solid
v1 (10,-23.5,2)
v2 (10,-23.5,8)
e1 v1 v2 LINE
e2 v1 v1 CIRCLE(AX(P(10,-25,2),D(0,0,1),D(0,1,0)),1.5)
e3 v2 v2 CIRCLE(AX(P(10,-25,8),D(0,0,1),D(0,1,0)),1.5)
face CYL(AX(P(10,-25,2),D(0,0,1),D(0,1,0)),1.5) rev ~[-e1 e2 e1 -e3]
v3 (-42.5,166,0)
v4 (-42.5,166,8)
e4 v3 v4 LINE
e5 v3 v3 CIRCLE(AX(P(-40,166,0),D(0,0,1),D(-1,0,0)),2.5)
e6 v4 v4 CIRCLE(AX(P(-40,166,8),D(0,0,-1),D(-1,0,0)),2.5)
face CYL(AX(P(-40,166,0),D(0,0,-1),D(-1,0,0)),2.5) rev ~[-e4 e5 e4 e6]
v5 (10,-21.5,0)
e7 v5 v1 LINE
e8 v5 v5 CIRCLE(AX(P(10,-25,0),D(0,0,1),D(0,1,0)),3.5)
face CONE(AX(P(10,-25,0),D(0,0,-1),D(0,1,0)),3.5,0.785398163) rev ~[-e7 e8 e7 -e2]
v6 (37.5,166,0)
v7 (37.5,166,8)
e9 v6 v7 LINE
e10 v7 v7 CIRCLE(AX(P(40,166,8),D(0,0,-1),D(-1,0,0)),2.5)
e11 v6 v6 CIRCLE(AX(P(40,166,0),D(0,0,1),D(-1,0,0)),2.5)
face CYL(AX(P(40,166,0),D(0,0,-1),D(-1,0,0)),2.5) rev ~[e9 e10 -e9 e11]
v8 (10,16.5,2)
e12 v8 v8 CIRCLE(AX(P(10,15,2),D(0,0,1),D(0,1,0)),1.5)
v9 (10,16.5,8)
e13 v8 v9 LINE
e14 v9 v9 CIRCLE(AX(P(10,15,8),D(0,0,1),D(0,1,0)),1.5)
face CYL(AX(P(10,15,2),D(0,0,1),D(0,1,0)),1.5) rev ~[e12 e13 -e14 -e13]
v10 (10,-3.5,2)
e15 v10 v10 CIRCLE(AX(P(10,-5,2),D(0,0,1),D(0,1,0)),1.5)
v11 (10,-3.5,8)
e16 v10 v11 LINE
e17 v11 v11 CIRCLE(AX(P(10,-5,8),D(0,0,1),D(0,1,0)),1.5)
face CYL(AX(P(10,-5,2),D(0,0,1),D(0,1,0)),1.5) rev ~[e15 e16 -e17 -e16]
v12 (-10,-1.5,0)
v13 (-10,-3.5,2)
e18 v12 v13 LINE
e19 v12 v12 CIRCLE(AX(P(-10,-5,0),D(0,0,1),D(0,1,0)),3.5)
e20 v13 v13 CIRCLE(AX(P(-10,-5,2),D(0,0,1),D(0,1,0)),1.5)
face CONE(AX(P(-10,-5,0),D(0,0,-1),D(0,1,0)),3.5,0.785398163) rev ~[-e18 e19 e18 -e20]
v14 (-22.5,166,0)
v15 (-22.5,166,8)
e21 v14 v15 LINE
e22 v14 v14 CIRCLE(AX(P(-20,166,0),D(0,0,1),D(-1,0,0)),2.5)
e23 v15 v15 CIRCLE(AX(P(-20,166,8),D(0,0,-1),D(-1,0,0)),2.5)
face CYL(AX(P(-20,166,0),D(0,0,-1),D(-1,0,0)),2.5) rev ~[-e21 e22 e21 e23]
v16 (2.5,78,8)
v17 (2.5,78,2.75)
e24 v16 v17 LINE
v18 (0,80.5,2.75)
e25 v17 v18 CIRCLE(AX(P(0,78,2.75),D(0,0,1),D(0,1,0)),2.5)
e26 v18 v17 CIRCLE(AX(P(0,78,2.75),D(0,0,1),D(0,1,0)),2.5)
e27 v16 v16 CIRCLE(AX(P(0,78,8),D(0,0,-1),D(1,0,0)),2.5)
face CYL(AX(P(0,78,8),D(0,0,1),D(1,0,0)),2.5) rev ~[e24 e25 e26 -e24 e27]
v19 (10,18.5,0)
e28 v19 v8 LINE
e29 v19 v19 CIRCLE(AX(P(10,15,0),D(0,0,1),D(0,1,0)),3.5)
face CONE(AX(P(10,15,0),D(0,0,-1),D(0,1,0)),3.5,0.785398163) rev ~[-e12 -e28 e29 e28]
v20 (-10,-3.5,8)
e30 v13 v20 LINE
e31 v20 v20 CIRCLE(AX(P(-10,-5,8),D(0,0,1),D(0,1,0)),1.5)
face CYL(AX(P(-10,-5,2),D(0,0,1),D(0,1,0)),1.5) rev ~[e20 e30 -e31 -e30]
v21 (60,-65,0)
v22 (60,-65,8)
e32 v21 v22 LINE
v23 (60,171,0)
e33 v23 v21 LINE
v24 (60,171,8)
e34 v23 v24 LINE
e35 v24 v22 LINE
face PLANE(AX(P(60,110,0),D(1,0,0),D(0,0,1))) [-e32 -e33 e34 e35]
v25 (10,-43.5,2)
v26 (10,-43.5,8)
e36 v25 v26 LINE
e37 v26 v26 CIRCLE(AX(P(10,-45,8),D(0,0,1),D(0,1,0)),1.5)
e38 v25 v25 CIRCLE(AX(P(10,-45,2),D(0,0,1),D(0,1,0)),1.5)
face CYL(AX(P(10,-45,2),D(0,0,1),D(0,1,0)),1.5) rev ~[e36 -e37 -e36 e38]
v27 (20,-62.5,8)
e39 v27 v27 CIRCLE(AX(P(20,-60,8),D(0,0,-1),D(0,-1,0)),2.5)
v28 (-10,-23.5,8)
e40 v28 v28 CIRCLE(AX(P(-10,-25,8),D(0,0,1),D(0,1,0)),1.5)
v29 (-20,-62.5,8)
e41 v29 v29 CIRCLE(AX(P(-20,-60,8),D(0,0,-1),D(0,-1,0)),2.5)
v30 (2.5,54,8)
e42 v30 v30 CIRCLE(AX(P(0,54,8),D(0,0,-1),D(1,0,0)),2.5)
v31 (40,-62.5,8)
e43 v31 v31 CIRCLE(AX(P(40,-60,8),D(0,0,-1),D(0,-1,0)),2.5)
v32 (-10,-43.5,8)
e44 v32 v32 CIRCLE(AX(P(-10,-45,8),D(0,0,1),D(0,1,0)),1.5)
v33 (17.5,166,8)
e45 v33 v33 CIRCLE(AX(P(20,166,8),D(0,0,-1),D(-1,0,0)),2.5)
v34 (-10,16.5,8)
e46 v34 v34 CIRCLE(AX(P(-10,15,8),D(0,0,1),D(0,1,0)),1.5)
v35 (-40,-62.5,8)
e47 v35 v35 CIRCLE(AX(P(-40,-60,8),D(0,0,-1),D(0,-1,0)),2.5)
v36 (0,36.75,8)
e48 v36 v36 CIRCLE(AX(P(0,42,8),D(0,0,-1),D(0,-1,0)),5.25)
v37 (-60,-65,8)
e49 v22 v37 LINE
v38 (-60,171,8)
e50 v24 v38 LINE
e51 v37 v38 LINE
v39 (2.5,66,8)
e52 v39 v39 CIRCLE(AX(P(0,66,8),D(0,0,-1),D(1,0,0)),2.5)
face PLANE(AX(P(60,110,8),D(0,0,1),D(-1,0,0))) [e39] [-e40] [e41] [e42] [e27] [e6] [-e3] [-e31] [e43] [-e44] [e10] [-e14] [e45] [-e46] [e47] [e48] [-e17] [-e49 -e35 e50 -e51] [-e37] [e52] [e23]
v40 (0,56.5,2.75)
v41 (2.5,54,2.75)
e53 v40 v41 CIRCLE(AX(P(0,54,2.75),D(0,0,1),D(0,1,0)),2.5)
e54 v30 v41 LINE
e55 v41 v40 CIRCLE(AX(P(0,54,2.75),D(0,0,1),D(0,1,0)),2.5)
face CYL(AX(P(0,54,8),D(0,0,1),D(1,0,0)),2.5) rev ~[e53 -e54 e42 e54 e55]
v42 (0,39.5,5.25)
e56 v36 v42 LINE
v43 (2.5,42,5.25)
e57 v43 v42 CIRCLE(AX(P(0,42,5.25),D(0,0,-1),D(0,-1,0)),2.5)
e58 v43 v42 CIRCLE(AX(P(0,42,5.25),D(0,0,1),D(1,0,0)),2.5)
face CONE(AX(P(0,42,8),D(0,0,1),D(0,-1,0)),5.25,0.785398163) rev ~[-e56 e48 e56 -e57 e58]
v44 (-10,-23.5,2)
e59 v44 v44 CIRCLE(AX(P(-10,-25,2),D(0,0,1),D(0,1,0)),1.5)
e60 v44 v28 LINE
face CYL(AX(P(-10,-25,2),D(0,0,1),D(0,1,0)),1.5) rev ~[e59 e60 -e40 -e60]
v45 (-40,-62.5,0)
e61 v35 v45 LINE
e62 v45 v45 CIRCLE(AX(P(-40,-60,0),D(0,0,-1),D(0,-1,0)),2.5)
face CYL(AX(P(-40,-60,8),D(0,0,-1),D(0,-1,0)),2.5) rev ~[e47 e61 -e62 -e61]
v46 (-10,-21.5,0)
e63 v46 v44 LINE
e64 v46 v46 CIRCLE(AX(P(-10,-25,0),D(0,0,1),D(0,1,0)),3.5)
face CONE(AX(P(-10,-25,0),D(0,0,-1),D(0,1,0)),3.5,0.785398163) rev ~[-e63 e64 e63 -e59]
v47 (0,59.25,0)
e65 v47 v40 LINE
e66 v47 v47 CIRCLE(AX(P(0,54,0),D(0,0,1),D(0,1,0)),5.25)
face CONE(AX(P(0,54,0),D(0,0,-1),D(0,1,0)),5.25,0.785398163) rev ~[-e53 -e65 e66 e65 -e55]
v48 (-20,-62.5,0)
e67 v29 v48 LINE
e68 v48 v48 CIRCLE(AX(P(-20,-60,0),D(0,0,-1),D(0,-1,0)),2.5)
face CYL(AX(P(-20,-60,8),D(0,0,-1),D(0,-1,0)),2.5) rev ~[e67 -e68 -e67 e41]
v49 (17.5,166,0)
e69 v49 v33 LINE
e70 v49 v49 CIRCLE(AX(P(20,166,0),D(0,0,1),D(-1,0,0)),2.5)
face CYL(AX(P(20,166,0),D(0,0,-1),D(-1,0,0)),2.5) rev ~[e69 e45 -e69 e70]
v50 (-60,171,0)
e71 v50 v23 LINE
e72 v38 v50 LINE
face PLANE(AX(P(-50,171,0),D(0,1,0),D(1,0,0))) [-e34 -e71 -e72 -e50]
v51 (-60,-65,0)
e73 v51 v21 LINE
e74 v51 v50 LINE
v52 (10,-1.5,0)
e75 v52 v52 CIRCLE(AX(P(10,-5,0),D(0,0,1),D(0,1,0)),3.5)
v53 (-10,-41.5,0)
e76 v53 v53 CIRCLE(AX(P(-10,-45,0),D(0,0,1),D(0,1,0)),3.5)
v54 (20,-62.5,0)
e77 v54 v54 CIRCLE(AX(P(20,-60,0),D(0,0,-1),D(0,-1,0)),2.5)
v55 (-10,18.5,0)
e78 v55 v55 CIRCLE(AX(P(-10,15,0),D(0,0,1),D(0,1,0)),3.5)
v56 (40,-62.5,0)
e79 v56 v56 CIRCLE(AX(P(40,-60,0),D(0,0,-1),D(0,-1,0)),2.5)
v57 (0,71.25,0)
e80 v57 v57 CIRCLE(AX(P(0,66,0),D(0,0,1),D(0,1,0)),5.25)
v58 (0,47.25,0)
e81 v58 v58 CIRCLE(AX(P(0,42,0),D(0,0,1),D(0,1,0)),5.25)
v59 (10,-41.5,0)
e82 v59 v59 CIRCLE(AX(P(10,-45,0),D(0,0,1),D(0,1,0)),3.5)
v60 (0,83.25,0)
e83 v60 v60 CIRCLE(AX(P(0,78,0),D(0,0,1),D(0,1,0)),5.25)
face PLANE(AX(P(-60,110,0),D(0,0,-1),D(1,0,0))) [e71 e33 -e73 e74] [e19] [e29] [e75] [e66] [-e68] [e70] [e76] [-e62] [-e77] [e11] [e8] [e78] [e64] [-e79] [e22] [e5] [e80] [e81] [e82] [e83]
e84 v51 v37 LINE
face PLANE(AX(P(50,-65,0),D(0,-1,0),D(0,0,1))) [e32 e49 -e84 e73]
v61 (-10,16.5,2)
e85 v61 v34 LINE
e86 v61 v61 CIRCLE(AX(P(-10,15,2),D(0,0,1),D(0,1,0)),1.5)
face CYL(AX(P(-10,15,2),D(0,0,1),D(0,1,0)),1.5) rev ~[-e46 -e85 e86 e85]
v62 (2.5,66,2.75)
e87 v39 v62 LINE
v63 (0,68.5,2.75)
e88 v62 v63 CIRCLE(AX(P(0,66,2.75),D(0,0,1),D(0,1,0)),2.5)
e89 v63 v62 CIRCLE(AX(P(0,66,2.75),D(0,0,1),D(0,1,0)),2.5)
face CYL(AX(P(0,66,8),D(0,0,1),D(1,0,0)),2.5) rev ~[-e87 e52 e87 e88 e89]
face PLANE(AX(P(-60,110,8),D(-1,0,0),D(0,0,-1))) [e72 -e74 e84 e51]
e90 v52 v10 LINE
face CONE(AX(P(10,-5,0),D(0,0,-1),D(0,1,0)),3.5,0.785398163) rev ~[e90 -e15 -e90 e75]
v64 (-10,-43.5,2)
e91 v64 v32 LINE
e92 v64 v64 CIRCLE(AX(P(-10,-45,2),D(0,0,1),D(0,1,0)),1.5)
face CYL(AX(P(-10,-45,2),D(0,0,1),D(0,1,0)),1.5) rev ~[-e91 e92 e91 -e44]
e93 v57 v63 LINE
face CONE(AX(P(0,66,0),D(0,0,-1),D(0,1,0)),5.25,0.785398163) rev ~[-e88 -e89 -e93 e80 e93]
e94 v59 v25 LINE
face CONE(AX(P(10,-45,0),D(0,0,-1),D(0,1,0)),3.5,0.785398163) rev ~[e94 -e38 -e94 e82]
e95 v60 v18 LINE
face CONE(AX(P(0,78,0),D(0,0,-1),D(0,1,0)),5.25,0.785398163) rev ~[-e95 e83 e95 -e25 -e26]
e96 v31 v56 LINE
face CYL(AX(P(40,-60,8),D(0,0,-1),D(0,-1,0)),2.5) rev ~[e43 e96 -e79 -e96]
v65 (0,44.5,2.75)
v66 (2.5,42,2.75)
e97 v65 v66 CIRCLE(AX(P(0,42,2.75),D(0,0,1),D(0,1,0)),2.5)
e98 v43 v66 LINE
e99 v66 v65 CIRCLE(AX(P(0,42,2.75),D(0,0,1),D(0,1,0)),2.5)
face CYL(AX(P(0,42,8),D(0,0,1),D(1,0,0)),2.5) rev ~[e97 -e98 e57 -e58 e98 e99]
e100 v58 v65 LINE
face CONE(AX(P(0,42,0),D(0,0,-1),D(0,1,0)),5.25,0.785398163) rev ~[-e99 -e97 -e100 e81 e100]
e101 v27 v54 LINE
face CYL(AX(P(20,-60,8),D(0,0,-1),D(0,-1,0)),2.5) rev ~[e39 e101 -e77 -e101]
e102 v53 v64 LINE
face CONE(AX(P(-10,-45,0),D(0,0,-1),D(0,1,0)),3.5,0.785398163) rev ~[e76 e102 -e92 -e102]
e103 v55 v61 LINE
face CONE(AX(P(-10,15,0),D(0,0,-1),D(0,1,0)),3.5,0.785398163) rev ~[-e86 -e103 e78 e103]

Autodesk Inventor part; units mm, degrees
ref_plane "YZ Plane" through (0, 0, 0) normal (1, 0, 0) x (0, 1, 0)
ref_plane "XZ Plane" through (0, 0, 0) normal (0, 1, 0) x (-1, 0, 0)
ref_plane "XY Plane" through (0, 0, 0) normal (0, 0, 1) x (1, 0, 0)
sketch "Szkic1" plane through (0, 0, 0) normal (0, 0, 1) x (1, 0, 0)
  line L0 (-50, -65) -> (50, -65)
  line L1 (50, -65) -> (50, 65)
  line L2 (50, 65) -> (-50, 65)
  line L3 (-50, 65) -> (-50, -65)
  line L4 (-50, -65) -> (50, 65) construction
  line L5 (50, -65) -> (-50, 65) construction
  point P0 (0, 0)
  dimension "d0" = 100
  dimension "d1" = 130
extrude "Wyciągnięcie proste1" add sketch "Szkic1" along normal blind 8
sketch "Szkic7" plane through (-50, 65, 0) normal (0, 1, 0) x (1, 0, 0)
  line L0 (100, 0) -> (0, 0) projected
  line L1 (0, 0) -> (0, -8) projected
  line L2 (100, -8) -> (0, -8) projected
  line L3 (100, 0) -> (100, -8) projected
  point P0 (50, 0)
extrude "Wyciągnięcie proste6" add sketch "Szkic7" along normal blind 45
sketch "Szkic9" plane through (0, 0, 0) normal (0, 0, -1) x (-1, 0, 0)
  circle A0 centre (-10, -5) radius 1.5
  circle A1 centre (-10, 15) radius 1.5
  circle A2 centre (10, -5) radius 1.5
  circle A3 centre (10, 15) radius 1.5
  circle A4 centre (-10, -45) radius 1.5
  circle A5 centre (-10, -25) radius 1.5
  circle A6 centre (10, -45) radius 1.5
  circle A7 centre (10, -25) radius 1.5
  line L0 (50, -65) -> (-50, -65) projected
  line L1 (50, -65) -> (50, 110) projected
  line L2 (-50, 110) -> (50, 110) projected
  line L3 (-50, -65) -> (-50, 110) projected
  circle A8 centre (-10, -45) radius 1.5
  circle A9 centre (-10, -55) radius 1.5 projected
  line L4 (-10, -55) -> (-10, -45)
  point P0 (0, 10)
  dimension "d119" = 10
hole "Otwór2" at (10, 15, 0) at (-10, 15, 0) at (-10, -5, 0) at (10, -5, 0) at (10, -25, 0) at (-10, -25, 0) at (-10, -45, 0) at (10, -45, 0) direction (0, 0, 1) diameter 3 end through all countersink diameter 7 countersink angle 90
sketch "Szkic10" plane through (50, -65, 8) normal (1, 0, 0) x (0, 0, -1)
  line L0 (8, 0) -> (8, 175) projected
  line L1 (0, 175) -> (8, 175) projected
  line L2 (0, 0) -> (0, 175) projected
  line L3 (8, 0) -> (0, 0) projected
  point P0 (8, 65)
sketch "Szkic11" plane through (-50, -65, 0) normal (-1, 0, 0) x (0, 0, 1)
  line L0 (0, 0) -> (0, 175) projected
  line L1 (0, 0) -> (8, 0) projected
  line L2 (8, 0) -> (8, 175) projected
  line L3 (0, 175) -> (8, 175) projected
  point P0 (0, 65)
extrude "Wyciągnięcie proste8" add sketch "Szkic11" along normal blind 10
extrude "Wyciągnięcie proste9" add sketch "Szkic10" along normal blind 10
sketch "Szkic14" plane through (0, 0, 8) normal (0, 0, 1) x (1, 0, 0)
  line L0 (60, -75) -> (-60, -75) projected
  line L1 (-60, -65) -> (-60, 110) projected
  line L2 (60, 110) -> (60, -65) projected
  line L3 (-60, -65) -> (-60, -55)
  line L4 (-60, 110) -> (-60, -65) projected
  line L5 (-60, -55) -> (60, -55)
  line L6 (-60, -55) -> (-60, -60)
  line L7 (-60, -60) -> (60, -60)
  line L8 (-60, -65) -> (-40, -65)
  line L9 (-60, -75) -> (60, -75) projected
  line L10 (-40, -65) -> (-40, -55)
  line L11 (-40, -65) -> (-20, -65)
  line L12 (-20, -65) -> (-20, -55)
  line L13 (-20, -65) -> (20, -65)
  line L14 (20, -65) -> (20, -55)
  line L15 (20, -65) -> (40, -65)
  line L16 (40, -65) -> (40, -55)
  circle A0 centre (-40, -60) radius 2.5
  circle A1 centre (-20, -60) radius 2.5
  circle A2 centre (20, -60) radius 2.5
  circle A3 centre (40, -60) radius 2.5
  line L17 (-60, -65) -> (-60, -55)
  point P0 (0, 0)
  dimension "d84" = 20
  dimension "d85" = 5
  dimension "d87" = 20
  dimension "d89" = 20
  dimension "d90" = 5
  dimension "d91" = 5
  dimension "d92" = 5
  dimension "d93" = 5
  dimension "d105" = 20
  dimension "d120" = 10
  dimension "d121" = 20
hole "Otwór5" at (-40, -60, 8) at (-20, -60, 8) at (20, -60, 8) at (40, -60, 8) direction (0, 0, -1) diameter 5 end through all
sketch "Szkic16" plane through (-50, 110, 0) normal (0, 1, 0) x (1, 0, 0)
  line L0 (-10, 0) -> (110, 0) projected
  line L1 (-10, -8) -> (-10, 0) projected
  line L2 (110, -8) -> (-10, -8) projected
  line L3 (110, 0) -> (110, -8) projected
  point P0 (50, 0)
extrude "Wyciągnięcie proste12" add sketch "Szkic16" along normal blind 61
sketch "Szkic17" plane through (0, 0, 0) normal (0, 0, -1) x (-1, 0, 0)
  line L0 (60, 161) -> (-60, 161)
  line L1 (-60, 346) -> (-60, 161)
  line L2 (60, 346) -> (60, 161)
  line L3 (-60, 161) -> (-60, 171)
  line L4 (-60, 346) -> (-60, 161)
  line L5 (-60, 171) -> (60, 171)
  line L6 (-60, 171) -> (-60, 166)
  line L7 (-60, 166) -> (60, 166)
  line L8 (-60, 161) -> (-40, 161)
  line L9 (-60, 161) -> (60, 161)
  line L10 (-40, 161) -> (-40, 171)
  line L11 (-40, 161) -> (-20, 161)
  line L12 (-20, 161) -> (-20, 171)
  line L13 (-20, 161) -> (20, 161)
  line L14 (20, 161) -> (20, 171)
  line L15 (20, 161) -> (40, 161)
  line L16 (40, 161) -> (40, 171)
  circle A0 centre (-40, 166) radius 2.5
  circle A1 centre (-20, 166) radius 2.5
  circle A2 centre (20, 166) radius 2.5
  circle A3 centre (40, 166) radius 2.5
  line L17 (-60, 171) -> (60, 171) projected
  point P0 (0, 0)
  point P1 (0, 236)
  dimension "d106" = 10
  dimension "d107" = 5
  dimension "d108" = 20
  dimension "d109" = 20
  dimension "d110" = 20
  dimension "d111" = 5
  dimension "d112" = 5
  dimension "d113" = 5
  dimension "d114" = 5
  dimension "d115" = 20
extrude "Wyciągnięcie proste13" cut sketch "Szkic17" against normal up to next contours A3 L7 L16 | L16 L7 A3 | L7 L16 A3 | A2 L7 L14 | L14 L7 A2 | L7 A3 L16 | A1 L7 L12 | L12 L7 A1 | L14 A2 L7 | L7 A2 L14 | A0 L7 L10 | L10 L7 A0 | L12 A1 L7 | L7 A1 L12 | L10 A0 L7 | L7 A0 L10
sketch "Szkic18" plane through (0, 0, 8) normal (0, 0, 1) x (1, 0, 0)
  line L0 (10, 30) -> (10, 90)
  line L1 (10, 90) -> (-10, 90)
  line L2 (-10, 90) -> (-10, 30)
  line L3 (10, 30) -> (-10, 30)
  line L4 (-10, 30) -> (-10, 90)
  line L5 (-10, 30) -> (0, 30)
  line L6 (0, 30) -> (0, 90)
  line L7 (10, 90) -> (-10, 90)
  line L8 (0, 30) -> (0, 42)
  line L9 (0, 42) -> (0, 54)
  line L10 (0, 54) -> (0, 66)
  line L11 (0, 66) -> (0, 78)
  circle A0 centre (0, 42) radius 2.5
  circle A1 centre (0, 54) radius 2.5
  circle A2 centre (0, 66) radius 2.5
  circle A3 centre (0, 78) radius 2.5
  line L12 (-60, 171) -> (60, 171) projected
  line L13 (60, -65) -> (60, 171) projected
  line L14 (60, -65) -> (60, 171) projected
  line L15 (60, 171) -> (60, 90)
  line L16 (60, 90) -> (0, 90)
  line L17 (-60, -65) -> (-60, 171) projected
  line L18 (0, 171) -> (0, -65)
  line L19 (60, -65) -> (-60, -65) projected
  point P0 (0, 0)
  point P1 (13, 60)
  dimension "d122" = 10
  dimension "d123" = 12
  dimension "d124" = 12
  dimension "d125" = 12
  dimension "d126" = 12
  dimension "d127" = 5
  dimension "d128" = 5
  dimension "d129" = 5
  dimension "d130" = 5
  dimension "d131" = 81
extrude "Wyciągnięcie proste14" cut sketch "Szkic18" against normal up to next contours A0 L6 | L6 A0 | A3 L6 | L6 A3 | A1 L6 | L6 A1 | A2 L6 | L6 A2
hole "Otwór6" at (0, 78, 0) direction (0, 0, 1) diameter 5 end through all countersink diameter 10.5 countersink angle 90
hole "Otwór7" at (0, 66, 0) direction (0, 0, 1) diameter 5 end through all countersink diameter 10.5 countersink angle 90
hole "Otwór8" at (0, 42, 8) direction (0, 0, -1) diameter 5 end through all countersink diameter 10.5 countersink angle 90
hole "Otwór9" at (0, 54, 0) direction (0, 0, 1) diameter 5 end through all countersink diameter 10.5 countersink angle 90
hole "Otwór10" at (0, 42, 0) direction (0, 0, 1) diameter 5 end through all countersink diameter 10.5 countersink angle 90
properties part number "Wspornik pionowy osi Z"
